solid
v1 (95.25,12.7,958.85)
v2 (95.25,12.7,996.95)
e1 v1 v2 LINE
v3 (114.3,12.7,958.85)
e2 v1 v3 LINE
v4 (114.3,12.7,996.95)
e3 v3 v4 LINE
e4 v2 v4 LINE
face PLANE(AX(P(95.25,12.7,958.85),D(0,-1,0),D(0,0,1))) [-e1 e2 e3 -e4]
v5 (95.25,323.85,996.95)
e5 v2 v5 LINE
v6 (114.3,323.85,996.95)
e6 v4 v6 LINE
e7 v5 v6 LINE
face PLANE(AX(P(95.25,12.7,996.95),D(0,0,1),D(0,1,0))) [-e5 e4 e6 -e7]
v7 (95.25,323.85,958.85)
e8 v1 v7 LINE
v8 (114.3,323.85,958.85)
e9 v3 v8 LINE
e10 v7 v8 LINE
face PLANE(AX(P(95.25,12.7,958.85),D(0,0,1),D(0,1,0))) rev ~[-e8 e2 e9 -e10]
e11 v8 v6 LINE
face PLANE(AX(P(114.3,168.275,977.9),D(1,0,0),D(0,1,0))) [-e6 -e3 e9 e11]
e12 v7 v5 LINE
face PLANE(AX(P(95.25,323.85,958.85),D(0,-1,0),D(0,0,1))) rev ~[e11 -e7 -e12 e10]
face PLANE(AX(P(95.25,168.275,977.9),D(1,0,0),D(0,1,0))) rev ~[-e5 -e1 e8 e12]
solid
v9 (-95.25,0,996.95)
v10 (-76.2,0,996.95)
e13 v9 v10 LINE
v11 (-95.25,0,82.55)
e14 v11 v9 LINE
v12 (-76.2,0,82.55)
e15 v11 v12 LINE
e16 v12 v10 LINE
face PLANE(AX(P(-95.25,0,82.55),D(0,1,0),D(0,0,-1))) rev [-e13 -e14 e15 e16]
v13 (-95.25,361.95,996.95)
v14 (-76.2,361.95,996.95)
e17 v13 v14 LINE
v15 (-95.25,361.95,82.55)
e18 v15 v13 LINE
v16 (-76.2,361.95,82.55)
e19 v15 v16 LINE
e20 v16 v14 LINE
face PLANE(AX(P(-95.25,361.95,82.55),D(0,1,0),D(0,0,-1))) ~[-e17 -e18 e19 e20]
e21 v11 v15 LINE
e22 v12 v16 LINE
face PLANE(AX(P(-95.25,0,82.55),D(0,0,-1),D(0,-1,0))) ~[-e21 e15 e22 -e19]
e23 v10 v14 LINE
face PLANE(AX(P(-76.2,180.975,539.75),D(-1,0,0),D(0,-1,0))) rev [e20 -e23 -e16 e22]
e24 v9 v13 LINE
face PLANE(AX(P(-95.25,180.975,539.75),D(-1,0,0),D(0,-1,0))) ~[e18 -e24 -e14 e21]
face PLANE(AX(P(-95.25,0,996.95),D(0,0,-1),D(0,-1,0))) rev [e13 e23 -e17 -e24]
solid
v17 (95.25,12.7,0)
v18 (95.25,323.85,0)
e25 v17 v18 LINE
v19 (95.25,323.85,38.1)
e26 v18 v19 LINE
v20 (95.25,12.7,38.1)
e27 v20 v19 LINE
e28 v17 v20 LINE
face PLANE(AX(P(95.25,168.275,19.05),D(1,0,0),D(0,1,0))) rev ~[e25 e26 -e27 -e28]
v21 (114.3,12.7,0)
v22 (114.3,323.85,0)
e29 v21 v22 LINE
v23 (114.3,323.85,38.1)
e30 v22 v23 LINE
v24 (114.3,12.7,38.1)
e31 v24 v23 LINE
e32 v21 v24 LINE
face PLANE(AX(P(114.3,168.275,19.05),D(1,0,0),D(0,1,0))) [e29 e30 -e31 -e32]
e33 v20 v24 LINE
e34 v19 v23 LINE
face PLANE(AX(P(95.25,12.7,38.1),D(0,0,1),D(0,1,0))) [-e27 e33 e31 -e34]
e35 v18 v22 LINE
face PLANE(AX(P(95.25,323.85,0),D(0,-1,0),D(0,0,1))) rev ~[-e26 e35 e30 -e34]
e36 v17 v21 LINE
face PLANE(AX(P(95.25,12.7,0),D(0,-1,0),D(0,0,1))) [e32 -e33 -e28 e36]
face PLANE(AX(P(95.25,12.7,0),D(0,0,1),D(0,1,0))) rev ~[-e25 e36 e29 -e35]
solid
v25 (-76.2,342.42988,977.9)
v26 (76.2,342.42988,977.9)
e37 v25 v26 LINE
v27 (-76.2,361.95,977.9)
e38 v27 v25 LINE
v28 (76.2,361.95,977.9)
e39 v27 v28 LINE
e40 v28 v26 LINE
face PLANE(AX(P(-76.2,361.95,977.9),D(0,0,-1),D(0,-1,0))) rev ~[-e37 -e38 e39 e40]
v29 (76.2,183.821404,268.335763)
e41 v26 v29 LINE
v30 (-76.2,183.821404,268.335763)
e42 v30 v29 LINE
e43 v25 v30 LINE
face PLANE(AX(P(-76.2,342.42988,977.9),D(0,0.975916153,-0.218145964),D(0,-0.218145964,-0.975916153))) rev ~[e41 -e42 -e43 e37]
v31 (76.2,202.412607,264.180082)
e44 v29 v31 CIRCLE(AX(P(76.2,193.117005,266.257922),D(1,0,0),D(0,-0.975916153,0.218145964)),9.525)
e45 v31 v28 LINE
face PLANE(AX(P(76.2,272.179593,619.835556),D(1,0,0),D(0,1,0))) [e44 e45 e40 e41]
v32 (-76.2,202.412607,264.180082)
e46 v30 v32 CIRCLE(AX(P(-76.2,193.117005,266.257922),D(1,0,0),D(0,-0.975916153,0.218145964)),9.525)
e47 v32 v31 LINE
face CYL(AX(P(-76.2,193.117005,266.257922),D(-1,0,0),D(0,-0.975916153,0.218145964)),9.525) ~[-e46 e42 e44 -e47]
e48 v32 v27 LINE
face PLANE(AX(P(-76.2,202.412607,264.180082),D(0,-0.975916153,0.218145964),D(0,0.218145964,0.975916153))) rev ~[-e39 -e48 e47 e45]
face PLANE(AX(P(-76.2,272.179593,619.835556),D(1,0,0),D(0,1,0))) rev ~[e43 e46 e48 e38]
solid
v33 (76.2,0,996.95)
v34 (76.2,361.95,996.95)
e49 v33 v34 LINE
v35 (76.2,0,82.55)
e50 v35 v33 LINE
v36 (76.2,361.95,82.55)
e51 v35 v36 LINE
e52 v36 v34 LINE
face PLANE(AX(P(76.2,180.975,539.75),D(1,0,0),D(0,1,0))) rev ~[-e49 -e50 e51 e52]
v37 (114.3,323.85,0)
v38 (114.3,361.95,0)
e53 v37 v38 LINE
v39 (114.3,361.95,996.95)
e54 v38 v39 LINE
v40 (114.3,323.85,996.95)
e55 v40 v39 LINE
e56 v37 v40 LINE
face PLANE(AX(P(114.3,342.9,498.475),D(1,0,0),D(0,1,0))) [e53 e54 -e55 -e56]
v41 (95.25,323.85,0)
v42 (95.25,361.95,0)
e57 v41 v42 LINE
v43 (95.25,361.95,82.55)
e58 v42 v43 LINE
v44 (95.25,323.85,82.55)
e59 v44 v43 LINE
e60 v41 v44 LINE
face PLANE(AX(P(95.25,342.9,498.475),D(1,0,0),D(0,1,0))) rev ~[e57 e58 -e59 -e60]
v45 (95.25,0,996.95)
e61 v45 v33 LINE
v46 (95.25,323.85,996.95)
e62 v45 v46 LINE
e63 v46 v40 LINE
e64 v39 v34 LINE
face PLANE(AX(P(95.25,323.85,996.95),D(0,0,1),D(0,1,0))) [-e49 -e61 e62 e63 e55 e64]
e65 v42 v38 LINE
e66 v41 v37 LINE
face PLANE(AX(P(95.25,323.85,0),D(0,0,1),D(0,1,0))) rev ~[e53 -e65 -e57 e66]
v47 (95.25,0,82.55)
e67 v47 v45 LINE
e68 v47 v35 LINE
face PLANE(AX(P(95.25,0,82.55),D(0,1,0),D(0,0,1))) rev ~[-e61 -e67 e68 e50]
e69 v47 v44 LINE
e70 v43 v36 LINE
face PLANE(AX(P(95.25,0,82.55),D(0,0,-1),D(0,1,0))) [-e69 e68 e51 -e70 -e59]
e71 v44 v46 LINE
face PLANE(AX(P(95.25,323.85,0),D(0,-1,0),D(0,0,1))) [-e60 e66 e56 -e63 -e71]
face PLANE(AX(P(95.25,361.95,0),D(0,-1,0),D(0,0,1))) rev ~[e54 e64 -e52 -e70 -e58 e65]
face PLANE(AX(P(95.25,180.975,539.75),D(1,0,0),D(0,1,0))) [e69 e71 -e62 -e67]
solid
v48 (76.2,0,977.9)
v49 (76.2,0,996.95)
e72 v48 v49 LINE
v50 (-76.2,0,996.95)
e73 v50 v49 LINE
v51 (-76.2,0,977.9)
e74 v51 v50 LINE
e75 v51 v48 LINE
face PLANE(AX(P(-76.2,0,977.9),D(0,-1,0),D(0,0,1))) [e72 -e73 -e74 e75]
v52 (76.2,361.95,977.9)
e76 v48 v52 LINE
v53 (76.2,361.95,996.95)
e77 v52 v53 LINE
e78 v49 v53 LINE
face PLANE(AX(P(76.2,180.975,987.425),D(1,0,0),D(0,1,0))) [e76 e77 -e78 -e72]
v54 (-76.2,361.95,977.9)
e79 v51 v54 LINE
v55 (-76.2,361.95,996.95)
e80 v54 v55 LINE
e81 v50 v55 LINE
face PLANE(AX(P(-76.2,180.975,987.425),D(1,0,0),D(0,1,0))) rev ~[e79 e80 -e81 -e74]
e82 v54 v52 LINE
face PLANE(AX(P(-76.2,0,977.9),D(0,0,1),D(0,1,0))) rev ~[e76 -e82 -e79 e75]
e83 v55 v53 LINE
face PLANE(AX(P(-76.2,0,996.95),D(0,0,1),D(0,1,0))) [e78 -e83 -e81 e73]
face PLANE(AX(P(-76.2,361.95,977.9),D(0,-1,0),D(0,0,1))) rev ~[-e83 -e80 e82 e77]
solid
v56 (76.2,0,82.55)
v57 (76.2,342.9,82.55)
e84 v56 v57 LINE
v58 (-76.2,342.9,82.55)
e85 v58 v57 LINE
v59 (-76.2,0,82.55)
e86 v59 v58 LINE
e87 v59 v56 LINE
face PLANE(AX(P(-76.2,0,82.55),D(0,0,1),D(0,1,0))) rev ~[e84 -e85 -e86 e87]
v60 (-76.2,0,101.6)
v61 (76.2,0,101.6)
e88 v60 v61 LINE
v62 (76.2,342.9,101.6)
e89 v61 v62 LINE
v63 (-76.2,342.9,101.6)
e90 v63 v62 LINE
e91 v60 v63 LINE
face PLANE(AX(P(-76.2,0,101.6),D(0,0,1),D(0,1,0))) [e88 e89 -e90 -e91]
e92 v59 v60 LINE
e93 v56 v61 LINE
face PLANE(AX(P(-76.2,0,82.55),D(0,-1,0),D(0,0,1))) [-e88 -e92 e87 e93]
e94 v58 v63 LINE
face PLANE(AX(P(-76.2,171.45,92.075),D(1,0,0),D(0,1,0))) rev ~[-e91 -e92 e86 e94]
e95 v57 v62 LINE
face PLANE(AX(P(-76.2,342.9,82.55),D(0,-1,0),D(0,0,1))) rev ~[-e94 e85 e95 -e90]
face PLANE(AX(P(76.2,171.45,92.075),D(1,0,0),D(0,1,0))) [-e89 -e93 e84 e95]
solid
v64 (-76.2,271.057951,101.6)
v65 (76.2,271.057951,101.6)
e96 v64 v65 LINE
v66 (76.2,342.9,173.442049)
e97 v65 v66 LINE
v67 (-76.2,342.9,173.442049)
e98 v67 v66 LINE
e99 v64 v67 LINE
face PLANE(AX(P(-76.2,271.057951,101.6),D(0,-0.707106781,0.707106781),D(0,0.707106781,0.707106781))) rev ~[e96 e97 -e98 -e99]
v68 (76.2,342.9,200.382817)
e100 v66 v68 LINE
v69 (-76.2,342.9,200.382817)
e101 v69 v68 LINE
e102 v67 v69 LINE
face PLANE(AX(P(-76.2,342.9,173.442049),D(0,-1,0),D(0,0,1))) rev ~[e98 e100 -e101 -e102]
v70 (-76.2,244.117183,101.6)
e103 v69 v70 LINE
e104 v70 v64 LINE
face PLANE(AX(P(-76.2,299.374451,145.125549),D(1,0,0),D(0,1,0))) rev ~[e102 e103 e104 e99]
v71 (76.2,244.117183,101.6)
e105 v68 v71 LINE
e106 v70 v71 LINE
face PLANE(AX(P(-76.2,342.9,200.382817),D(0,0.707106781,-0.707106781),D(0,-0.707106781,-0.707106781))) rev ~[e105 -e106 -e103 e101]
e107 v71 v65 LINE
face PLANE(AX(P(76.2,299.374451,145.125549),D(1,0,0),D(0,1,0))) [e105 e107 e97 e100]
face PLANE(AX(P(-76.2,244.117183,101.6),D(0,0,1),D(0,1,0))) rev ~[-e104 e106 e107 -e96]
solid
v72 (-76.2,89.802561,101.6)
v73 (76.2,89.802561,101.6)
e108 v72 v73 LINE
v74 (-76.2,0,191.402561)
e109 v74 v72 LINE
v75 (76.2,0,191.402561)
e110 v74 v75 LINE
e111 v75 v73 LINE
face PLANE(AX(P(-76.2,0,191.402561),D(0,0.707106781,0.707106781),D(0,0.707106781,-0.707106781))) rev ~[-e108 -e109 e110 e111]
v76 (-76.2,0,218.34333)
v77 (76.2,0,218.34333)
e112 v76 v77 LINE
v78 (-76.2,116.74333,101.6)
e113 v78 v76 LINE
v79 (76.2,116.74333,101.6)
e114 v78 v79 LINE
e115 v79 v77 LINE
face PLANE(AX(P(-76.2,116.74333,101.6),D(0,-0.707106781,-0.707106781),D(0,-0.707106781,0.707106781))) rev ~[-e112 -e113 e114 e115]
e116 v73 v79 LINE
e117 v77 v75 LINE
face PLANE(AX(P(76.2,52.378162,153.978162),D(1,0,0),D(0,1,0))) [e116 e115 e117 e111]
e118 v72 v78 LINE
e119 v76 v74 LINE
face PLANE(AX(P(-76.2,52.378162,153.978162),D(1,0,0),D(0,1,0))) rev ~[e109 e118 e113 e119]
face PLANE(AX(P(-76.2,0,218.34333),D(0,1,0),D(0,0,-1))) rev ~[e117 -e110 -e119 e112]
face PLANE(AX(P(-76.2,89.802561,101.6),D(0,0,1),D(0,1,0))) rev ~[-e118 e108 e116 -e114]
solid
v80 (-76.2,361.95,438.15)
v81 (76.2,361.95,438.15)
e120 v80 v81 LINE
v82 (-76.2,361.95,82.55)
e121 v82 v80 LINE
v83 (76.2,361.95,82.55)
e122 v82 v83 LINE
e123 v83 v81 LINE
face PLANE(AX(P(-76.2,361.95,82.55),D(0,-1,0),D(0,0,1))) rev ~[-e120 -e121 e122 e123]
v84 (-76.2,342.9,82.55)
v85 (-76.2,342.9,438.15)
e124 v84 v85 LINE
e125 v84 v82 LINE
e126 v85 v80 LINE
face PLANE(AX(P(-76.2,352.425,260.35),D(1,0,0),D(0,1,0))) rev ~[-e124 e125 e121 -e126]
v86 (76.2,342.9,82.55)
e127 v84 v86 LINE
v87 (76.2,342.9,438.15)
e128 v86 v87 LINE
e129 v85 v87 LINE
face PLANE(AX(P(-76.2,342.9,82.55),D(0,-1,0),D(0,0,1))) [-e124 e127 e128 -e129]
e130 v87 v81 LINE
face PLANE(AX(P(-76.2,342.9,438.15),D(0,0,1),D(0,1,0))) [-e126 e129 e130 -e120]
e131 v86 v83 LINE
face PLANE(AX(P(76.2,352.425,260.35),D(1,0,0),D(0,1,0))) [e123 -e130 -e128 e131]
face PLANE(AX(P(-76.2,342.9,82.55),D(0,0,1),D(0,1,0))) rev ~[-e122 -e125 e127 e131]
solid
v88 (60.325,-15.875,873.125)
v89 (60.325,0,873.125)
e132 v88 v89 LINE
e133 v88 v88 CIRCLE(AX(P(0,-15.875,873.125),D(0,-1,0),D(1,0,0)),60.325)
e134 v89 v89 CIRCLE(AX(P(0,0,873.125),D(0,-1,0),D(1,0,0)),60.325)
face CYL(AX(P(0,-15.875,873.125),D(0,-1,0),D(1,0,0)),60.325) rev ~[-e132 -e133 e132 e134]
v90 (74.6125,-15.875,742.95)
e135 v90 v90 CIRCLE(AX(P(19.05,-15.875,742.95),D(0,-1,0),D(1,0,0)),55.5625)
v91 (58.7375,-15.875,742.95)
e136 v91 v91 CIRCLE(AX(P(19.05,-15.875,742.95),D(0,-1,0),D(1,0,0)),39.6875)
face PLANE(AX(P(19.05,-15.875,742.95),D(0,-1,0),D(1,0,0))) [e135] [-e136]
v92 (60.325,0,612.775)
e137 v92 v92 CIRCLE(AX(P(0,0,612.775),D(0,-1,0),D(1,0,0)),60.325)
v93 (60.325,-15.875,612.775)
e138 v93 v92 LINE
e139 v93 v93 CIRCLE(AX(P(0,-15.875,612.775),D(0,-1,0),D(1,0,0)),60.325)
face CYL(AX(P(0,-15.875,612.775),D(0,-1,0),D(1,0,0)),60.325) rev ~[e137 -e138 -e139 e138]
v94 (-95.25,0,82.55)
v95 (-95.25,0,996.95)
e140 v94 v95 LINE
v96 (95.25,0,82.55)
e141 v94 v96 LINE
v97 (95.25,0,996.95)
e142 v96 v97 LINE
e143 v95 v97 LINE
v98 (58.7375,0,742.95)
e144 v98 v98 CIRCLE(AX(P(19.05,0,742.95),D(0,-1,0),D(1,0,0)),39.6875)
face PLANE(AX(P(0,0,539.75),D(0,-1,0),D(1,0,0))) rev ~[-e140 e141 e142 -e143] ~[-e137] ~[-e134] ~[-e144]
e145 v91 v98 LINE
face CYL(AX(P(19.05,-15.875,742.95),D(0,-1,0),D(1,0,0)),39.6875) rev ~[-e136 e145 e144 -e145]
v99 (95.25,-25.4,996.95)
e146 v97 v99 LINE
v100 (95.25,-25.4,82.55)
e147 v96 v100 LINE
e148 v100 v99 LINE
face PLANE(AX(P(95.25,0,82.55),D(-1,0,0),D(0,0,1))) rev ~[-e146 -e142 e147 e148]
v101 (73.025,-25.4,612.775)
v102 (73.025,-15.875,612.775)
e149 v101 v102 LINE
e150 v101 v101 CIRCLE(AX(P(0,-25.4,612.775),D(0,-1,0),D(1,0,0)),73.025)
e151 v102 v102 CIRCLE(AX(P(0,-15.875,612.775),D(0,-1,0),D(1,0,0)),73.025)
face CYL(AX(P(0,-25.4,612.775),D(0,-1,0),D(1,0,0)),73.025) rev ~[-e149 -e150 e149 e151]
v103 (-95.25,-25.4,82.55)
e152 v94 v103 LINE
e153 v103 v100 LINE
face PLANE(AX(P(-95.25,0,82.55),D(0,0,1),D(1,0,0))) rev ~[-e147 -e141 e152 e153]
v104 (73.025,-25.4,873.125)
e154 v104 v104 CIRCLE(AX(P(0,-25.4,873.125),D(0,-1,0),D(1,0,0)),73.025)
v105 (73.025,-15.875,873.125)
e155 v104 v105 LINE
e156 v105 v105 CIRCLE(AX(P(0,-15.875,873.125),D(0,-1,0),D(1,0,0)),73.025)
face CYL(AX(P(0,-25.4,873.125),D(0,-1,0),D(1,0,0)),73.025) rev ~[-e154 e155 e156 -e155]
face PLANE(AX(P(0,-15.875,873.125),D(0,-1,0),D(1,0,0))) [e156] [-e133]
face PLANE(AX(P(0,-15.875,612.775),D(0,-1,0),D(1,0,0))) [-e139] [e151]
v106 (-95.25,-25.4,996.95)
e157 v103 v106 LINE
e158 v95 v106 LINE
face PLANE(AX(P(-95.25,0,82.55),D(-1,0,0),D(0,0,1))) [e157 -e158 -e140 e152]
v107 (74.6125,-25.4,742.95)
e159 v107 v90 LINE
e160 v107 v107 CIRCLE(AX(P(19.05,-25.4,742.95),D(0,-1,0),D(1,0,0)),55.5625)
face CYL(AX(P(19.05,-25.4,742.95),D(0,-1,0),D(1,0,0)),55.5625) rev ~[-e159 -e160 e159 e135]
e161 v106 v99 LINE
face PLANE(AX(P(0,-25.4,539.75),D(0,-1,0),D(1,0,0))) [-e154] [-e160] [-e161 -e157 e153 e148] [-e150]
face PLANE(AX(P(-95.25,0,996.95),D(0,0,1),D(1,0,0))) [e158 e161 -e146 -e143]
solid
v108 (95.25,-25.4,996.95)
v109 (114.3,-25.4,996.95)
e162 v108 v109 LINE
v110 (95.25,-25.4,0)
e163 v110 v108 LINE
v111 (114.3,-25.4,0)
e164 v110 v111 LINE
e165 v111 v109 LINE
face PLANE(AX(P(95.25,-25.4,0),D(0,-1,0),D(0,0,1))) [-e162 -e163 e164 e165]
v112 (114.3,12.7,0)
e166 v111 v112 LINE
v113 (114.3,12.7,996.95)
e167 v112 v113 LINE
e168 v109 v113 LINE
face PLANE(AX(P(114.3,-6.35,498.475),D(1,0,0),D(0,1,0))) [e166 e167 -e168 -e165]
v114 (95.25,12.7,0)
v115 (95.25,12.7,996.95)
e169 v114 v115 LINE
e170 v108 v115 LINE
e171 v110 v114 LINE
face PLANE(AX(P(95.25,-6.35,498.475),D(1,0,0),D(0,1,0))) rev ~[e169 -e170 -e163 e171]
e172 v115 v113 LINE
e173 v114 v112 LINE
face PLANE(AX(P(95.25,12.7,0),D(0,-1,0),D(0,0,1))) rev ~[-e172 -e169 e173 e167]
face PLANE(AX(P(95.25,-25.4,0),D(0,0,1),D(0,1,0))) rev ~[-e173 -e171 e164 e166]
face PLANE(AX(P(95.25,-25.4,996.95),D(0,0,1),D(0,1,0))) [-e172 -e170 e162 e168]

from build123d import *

# Parameters (mm, degrees)
F2_W      = 190.5
F2_H      = 914.4
F3_DEPTH  = 25.4
F4_R      = 73.025
F4_R_2    = 55.5625
F5_DEPTH  = 9.525
F6_R      = 60.325
F6_R_2    = 39.6875
F7_DEPTH  = 15.876
F8_W      = 361.95
F8_H      = 914.4
F9_DEPTH  = 19.05
F11_W     = 19.05
F11_H     = 355.6
F12_DEPTH = 152.4
F13_W     = 361.95
F13_H     = 19.05
F14_DEPTH = 152.4
F16_DEPTH = 152.4
F17_W     = 342.9
F17_H     = 19.05
F18_DEPTH = 152.4
F20_DEPTH = 152.4
F22_DEPTH = 152.4
F23_W     = 38.1
F23_H     = 996.95
F24_DEPTH = 19.05
F25_W     = 38.1
F25_H     = 996.95
F26_DEPTH = 19.05
F27_W     = 311.15
F27_H     = 38.1
F28_DEPTH = 19.05
F29_W     = 311.15
F29_H     = 38.1
F30_DEPTH = 19.05


with BuildPart() as f3:
    # F2 (on Front) → F3 (new body)
    with BuildSketch(Plane.XZ):
        with Locations((0, 539.75)):
            Rectangle(F2_W, F2_H)
    extrude(amount=F3_DEPTH)

    # F4 (on face) → F5 (cut)
    with BuildSketch(Plane.XZ.offset(25.4)):
        with Locations((0, 873.125)):
            Circle(F4_R)
        with Locations((19.05, 742.95)):
            Circle(F4_R_2)
        with Locations((0, 612.775)):
            Circle(F4_R)
    extrude(amount=-F5_DEPTH, mode=Mode.SUBTRACT)

    # F6 (on face) → F7 (cut, through all)
    with BuildSketch(Plane.XZ.offset(15.875)):
        with Locations((0, 873.125)):
            Circle(F6_R)
        with Locations((19.05, 742.95)):
            Circle(F6_R_2)
        with Locations((0, 612.775)):
            Circle(F6_R)
    extrude(amount=-F7_DEPTH, mode=Mode.SUBTRACT)


with BuildPart() as f9:
    # F8 (on face) → F9 (new body)
    with BuildSketch(Plane.YZ.offset(95.25)):
        with Locations((180.975, 539.75)):
            Rectangle(F8_W, F8_H)
    extrude(amount=-F9_DEPTH)


with BuildPart() as f10_1:
    # F10: instance of F9
    add(f9.part.mirror(Plane.YZ))


with BuildPart() as f12:
    # F11 (on face) → F12 (new body)
    with BuildSketch(Plane.YZ.offset(-76.2)):
        with Locations((352.425, 260.35)):
            Rectangle(F11_W, F11_H)
    extrude(amount=F12_DEPTH)


with BuildPart() as f14:
    # F13 (on face) → F14 (new body)
    with BuildSketch(Plane.YZ.offset(-76.2)):
        with Locations((180.975, 987.425)):
            Rectangle(F13_W, F13_H)
    extrude(amount=F14_DEPTH)


with BuildPart() as f16:
    # F15 (on face) → F16 (new body)
    with BuildSketch(Plane.YZ.offset(-76.2)):
        with BuildLine():
            Line((202.4126065958, 264.180082139), (361.95, 977.9))
            Line((361.95, 977.9), (342.4298804353, 977.9))
            Line((342.4298804353, 977.9), (183.821403873, 268.3357627476))
            ThreePointArc((183.821403873, 268.3357627476), (191.0391649301, 256.9623210819), (202.4126065958, 264.180082139))
        make_face()
    extrude(amount=F16_DEPTH)


with BuildPart() as f18:
    # F17 (on face) → F18 (new body)
    with BuildSketch(Plane.YZ.offset(-76.2)):
        with Locations((171.45, 92.075)):
            Rectangle(F17_W, F17_H)
    extrude(amount=F18_DEPTH)


with BuildPart() as f20:
    # F19 (on face) → F20 (new body)
    with BuildSketch(Plane.YZ.offset(-76.2)):
        Polygon((342.9, 200.3828173318), (244.1171826682, 101.6), (271.0579510314, 101.6), (342.9, 173.4420489686), align=None)
    extrude(amount=F20_DEPTH)


with BuildPart() as f22:
    # F21 (on face) → F22 (new body)
    with BuildSketch(Plane.YZ.offset(-76.2)):
        Polygon((116.7433295739, 101.6), (0, 218.3433295739), (0, 191.4025612107), (89.8025612107, 101.6), align=None)
    extrude(amount=F22_DEPTH)


with BuildPart() as f24:
    # F23 (on face) → F24 (new body)
    with BuildSketch(Plane.YZ.offset(95.25)):
        with Locations((-6.35, 498.475)):
            Rectangle(F23_W, F23_H)
    extrude(amount=F24_DEPTH)


with BuildPart() as f9_1:
    add(f9.part)

    # F25 (on face) → F26 (join)
    with BuildSketch(Plane.YZ.offset(95.25)):
        with Locations((342.9, 498.475)):
            Rectangle(F25_W, F25_H)
    extrude(amount=F26_DEPTH)


with BuildPart() as f28:
    # F27 (on face) → F28 (new body)
    with BuildSketch(Plane.YZ.offset(95.25)):
        with Locations((168.275, 977.9)):
            Rectangle(F27_W, F27_H)
    extrude(amount=F28_DEPTH)


with BuildPart() as f30:
    # F29 (on face) → F30 (new body)
    with BuildSketch(Plane.YZ.offset(95.25)):
        with Locations((168.275, 19.05)):
            Rectangle(F29_W, F29_H)
    extrude(amount=F30_DEPTH)


solid = Compound([f3.part, f10_1.part, f12.part, f14.part, f16.part, f18.part, f20.part, f22.part, f24.part, f9_1.part, f28.part, f30.part])
